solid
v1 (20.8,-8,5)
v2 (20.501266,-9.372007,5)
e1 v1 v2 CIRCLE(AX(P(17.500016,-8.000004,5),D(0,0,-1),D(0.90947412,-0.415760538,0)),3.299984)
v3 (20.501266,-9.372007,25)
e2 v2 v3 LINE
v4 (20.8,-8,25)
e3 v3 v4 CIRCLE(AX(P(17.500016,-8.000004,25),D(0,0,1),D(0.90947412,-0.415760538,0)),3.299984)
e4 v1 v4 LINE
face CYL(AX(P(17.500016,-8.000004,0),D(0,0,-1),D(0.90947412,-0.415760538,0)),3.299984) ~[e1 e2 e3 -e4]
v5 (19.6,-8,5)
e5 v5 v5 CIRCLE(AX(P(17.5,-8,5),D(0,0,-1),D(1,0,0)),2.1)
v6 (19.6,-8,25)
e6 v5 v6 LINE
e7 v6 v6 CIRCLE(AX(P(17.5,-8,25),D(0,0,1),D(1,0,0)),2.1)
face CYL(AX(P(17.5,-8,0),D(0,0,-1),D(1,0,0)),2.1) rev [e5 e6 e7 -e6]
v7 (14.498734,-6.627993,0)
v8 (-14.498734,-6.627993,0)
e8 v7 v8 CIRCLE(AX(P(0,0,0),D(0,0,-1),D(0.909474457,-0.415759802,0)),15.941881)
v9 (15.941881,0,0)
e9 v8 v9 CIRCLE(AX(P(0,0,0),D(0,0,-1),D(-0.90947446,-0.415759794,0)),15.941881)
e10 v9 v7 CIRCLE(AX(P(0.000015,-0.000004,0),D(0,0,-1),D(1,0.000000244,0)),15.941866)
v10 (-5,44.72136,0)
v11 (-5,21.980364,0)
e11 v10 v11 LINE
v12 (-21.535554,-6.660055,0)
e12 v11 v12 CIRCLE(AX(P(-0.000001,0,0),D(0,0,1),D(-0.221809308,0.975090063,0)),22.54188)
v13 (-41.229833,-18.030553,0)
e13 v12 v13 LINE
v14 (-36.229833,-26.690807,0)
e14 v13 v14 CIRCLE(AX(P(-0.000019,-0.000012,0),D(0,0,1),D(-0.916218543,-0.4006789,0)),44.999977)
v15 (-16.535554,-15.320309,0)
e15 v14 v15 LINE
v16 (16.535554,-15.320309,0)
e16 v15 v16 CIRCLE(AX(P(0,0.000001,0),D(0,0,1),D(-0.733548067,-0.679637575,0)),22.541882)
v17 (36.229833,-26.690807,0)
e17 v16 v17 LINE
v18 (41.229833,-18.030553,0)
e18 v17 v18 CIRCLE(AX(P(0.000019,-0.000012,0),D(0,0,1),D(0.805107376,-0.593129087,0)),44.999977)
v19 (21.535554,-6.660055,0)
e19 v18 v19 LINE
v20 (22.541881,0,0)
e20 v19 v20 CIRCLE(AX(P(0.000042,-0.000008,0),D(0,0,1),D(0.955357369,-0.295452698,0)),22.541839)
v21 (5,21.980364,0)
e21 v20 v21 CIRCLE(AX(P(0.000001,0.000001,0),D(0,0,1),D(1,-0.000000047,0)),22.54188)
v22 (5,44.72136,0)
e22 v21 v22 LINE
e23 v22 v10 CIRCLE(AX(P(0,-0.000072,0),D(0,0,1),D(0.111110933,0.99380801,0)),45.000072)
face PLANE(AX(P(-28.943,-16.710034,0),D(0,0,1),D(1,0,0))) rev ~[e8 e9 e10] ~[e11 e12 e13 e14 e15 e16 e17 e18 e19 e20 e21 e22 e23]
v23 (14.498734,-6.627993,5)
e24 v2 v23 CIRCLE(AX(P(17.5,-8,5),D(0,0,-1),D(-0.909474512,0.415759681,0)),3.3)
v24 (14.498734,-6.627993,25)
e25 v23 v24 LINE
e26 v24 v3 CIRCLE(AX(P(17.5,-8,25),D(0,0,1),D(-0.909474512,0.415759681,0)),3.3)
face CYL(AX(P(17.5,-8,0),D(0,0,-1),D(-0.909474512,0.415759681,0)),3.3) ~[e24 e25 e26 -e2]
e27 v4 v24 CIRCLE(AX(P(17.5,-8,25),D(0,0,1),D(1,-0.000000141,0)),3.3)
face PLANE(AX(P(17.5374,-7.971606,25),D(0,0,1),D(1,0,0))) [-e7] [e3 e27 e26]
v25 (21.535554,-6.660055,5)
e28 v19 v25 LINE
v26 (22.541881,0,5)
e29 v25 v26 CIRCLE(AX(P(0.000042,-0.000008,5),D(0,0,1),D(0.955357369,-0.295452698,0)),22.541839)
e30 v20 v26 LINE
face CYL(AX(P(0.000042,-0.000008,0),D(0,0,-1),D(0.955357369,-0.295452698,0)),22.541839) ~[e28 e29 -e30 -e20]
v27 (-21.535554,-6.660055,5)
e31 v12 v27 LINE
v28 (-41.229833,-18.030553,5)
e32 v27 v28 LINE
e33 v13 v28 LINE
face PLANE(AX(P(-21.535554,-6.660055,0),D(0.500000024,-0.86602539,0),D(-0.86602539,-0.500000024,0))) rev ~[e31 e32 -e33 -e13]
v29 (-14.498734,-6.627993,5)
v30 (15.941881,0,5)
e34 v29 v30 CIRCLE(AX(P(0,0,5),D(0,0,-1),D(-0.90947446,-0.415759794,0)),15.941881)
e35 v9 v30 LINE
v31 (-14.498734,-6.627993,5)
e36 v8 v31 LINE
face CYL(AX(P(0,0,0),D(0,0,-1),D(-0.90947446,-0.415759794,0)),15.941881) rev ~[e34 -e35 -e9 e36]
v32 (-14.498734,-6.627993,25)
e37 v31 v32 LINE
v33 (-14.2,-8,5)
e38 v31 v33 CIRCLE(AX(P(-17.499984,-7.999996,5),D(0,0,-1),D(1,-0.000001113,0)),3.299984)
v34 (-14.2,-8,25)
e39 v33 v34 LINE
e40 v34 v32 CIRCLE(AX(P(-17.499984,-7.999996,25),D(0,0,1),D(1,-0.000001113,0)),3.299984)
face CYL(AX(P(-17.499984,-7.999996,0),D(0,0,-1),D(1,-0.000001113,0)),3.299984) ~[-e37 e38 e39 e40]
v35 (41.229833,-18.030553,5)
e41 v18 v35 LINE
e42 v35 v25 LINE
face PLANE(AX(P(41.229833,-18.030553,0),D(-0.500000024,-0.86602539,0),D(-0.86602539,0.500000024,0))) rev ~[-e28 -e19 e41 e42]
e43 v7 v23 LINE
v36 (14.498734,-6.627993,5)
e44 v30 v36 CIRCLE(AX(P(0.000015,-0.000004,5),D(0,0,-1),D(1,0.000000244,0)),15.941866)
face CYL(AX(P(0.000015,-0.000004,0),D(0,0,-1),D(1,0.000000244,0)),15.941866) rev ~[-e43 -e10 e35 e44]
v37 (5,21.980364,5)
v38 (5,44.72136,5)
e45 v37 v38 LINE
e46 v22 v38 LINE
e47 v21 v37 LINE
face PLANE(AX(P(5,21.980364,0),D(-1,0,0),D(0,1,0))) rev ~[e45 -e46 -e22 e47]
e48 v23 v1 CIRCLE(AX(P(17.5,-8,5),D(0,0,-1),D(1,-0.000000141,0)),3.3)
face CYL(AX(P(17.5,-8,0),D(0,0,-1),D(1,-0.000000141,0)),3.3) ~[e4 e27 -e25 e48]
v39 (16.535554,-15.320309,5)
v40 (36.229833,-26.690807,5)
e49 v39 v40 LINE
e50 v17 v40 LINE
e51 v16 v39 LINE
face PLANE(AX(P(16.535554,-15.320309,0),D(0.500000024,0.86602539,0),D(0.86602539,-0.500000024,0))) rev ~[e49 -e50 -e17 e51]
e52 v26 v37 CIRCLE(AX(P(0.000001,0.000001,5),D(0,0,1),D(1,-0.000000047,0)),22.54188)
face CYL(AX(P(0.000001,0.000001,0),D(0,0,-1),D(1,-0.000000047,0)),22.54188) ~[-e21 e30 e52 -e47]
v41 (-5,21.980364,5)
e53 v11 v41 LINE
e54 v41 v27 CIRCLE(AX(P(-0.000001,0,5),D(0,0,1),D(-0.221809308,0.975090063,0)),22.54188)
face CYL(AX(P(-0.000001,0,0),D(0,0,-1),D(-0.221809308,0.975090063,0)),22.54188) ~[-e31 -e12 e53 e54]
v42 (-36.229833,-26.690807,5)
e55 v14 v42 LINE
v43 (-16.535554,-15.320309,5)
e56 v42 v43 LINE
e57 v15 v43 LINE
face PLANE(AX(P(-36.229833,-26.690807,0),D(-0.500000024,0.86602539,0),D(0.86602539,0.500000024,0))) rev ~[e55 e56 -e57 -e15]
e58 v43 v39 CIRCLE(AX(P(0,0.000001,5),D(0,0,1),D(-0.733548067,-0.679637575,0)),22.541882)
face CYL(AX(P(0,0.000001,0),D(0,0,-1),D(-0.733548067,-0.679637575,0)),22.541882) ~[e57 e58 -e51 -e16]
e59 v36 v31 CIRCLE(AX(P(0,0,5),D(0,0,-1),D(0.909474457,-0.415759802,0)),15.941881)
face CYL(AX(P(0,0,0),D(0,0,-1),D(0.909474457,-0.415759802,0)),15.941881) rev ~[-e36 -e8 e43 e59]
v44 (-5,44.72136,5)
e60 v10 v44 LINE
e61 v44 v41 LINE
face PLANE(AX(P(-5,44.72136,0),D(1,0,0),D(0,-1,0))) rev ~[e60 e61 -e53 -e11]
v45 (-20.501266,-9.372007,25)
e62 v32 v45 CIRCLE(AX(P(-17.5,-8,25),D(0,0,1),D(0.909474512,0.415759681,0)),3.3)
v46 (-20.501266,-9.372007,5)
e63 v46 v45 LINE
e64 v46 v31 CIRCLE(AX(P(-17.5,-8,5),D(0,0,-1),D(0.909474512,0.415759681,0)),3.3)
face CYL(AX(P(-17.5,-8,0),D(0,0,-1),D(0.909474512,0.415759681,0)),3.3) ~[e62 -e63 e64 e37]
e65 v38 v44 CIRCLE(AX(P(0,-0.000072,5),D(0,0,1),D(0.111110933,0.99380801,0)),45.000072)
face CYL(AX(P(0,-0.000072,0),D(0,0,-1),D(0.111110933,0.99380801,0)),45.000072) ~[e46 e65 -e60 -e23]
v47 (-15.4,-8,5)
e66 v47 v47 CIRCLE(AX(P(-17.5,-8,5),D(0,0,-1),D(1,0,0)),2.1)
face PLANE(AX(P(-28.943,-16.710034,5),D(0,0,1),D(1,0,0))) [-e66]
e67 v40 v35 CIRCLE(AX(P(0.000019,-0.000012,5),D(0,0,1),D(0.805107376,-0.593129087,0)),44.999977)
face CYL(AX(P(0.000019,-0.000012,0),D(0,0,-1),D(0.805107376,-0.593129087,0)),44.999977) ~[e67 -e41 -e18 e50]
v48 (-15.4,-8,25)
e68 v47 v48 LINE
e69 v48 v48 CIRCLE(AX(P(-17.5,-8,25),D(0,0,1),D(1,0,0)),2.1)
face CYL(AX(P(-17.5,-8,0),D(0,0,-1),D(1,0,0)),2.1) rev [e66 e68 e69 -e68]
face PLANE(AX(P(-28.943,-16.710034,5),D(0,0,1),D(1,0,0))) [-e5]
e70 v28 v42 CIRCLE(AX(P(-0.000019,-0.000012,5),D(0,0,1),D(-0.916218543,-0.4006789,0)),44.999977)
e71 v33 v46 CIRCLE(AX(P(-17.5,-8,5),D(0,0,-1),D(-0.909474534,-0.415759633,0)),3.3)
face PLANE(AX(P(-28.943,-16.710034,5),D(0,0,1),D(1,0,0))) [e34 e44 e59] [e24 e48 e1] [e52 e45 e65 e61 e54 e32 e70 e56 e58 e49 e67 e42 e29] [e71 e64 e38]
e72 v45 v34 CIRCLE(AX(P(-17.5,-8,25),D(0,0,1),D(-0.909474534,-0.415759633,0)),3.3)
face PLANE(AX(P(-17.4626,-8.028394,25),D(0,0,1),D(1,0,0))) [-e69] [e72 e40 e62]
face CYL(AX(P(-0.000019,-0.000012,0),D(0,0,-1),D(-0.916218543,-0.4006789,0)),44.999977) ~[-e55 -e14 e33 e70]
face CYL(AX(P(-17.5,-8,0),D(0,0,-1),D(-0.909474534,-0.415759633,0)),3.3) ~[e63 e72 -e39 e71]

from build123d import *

# Parameters (mm, degrees)
F0_R     = 2.1
F1_DEPTH = 5
F2_DEPTH = 25


with BuildPart() as f1:
    # F0 (on Top) → F1 (new body)
    with BuildSketch(Plane.XY):
        with BuildLine():
            ThreePointArc((-16.535554, -15.320309), (-18.755721, -12.504373), (-20.501266, -9.372007))
            ThreePointArc((-20.501266, -9.372007), (-21.062104, -8.032695), (-21.535554, -6.660055))
            Line((-21.535554, -6.660055), (-41.229833, -18.030553))
            ThreePointArc((-41.229833, -18.030553), (-38.971143, -22.5), (-36.229833, -26.690807))
            Line((-36.229833, -26.690807), (-16.535554, -15.320309))
        make_face()
        with BuildLine():
            Line((-5, 44.72136), (-5, 21.980364))
            ThreePointArc((-5, 21.980364), (0, 22.541881), (5, 21.980364))
            Line((5, 21.980364), (5, 44.72136))
            ThreePointArc((5, 44.72136), (0, 45), (-5, 44.72136))
        make_face()
        with BuildLine():
            ThreePointArc((21.535554, -6.660055), (21.062104, -8.032695), (20.501266, -9.372007))
            ThreePointArc((20.501266, -9.372007), (18.755721, -12.504373), (16.535554, -15.320309))
            Line((16.535554, -15.320309), (36.229833, -26.690807))
            ThreePointArc((36.229833, -26.690807), (38.971143, -22.5), (41.229833, -18.030553))
            Line((41.229833, -18.030553), (21.535554, -6.660055))
        make_face()
        with BuildLine():
            ThreePointArc((-20.501266, -9.372007), (-18.872007, -4.998734), (-14.498734, -6.627993))
            ThreePointArc((-14.498734, -6.627993), (-3.391643, 15.576917), (15.941881, 0))
            ThreePointArc((15.941881, 0), (15.576917, -3.391643), (14.498734, -6.627993))
            ThreePointArc((14.498734, -6.627993), (18.202077, -4.775548), (20.8, -8))
            ThreePointArc((20.8, -8), (20.724452, -8.702077), (20.501266, -9.372007))
            ThreePointArc((20.501266, -9.372007), (21.062104, -8.032695), (21.535554, -6.660055))
            ThreePointArc((21.535554, -6.660055), (22.28888, -3.367827), (22.541881, 0))
            ThreePointArc((22.541881, 0), (17.618823, 14.061063), (5, 21.980364))
            ThreePointArc((5, 21.980364), (0, 22.541881), (-5, 21.980364))
            ThreePointArc((-5, 21.980364), (-19.521842, 11.270941), (-21.535554, -6.660055))
            ThreePointArc((-21.535554, -6.660055), (-21.062104, -8.032695), (-20.501266, -9.372007))
        make_face()
        with BuildLine():
            ThreePointArc((20.8, -8), (18.202077, -4.775548), (14.498734, -6.627993))
            ThreePointArc((14.498734, -6.627993), (16.127993, -11.001266), (20.501266, -9.372007))
            ThreePointArc((20.501266, -9.372007), (20.724452, -8.702077), (20.8, -8))
        make_face()
        with Locations((17.5, -8)):
            Circle(F0_R, mode=Mode.SUBTRACT)
        with Locations((17.5, -8)):
            Circle(F0_R)
        with BuildLine():
            ThreePointArc((-14.498734, -6.627993), (-14.275548, -7.297923), (-14.2, -8))
            ThreePointArc((-14.2, -8), (-16.797924, -11.224452), (-20.501266, -9.372007))
            ThreePointArc((-20.501266, -9.372007), (-18.755721, -12.504373), (-16.535554, -15.320309))
            ThreePointArc((-16.535554, -15.320309), (0, -22.541881), (16.535554, -15.320309))
            ThreePointArc((16.535554, -15.320309), (18.755721, -12.504373), (20.501266, -9.372007))
            ThreePointArc((20.501266, -9.372007), (16.127993, -11.001266), (14.498734, -6.627993))
            ThreePointArc((14.498734, -6.627993), (0, -15.941881), (-14.498734, -6.627993))
        make_face()
        with BuildLine():
            ThreePointArc((-20.501266, -9.372007), (-16.797924, -11.224452), (-14.2, -8))
            ThreePointArc((-14.2, -8), (-14.275548, -7.297923), (-14.498734, -6.627993))
            ThreePointArc((-14.498734, -6.627993), (-18.872007, -4.998734), (-20.501266, -9.372007))
        make_face()
        with Locations((-17.5, -8)):
            Circle(F0_R, mode=Mode.SUBTRACT)
        with Locations((-17.5, -8)):
            Circle(F0_R)
    extrude(amount=F1_DEPTH)

    # F0 (on Top) → F2 (join)
    with BuildSketch(Plane.XY):
        with BuildLine():
            ThreePointArc((-20.501266, -9.372007), (-16.797924, -11.224452), (-14.2, -8))
            ThreePointArc((-14.2, -8), (-14.275548, -7.297923), (-14.498734, -6.627993))
            ThreePointArc((-14.498734, -6.627993), (-18.872007, -4.998734), (-20.501266, -9.372007))
        make_face()
        with Locations((-17.5, -8)):
            Circle(F0_R, mode=Mode.SUBTRACT)
        with BuildLine():
            ThreePointArc((20.8, -8), (18.202077, -4.775548), (14.498734, -6.627993))
            ThreePointArc((14.498734, -6.627993), (16.127993, -11.001266), (20.501266, -9.372007))
            ThreePointArc((20.501266, -9.372007), (20.724452, -8.702077), (20.8, -8))
        make_face()
        with Locations((17.5, -8)):
            Circle(F0_R, mode=Mode.SUBTRACT)
    extrude(amount=F2_DEPTH)


solid = f1.part
